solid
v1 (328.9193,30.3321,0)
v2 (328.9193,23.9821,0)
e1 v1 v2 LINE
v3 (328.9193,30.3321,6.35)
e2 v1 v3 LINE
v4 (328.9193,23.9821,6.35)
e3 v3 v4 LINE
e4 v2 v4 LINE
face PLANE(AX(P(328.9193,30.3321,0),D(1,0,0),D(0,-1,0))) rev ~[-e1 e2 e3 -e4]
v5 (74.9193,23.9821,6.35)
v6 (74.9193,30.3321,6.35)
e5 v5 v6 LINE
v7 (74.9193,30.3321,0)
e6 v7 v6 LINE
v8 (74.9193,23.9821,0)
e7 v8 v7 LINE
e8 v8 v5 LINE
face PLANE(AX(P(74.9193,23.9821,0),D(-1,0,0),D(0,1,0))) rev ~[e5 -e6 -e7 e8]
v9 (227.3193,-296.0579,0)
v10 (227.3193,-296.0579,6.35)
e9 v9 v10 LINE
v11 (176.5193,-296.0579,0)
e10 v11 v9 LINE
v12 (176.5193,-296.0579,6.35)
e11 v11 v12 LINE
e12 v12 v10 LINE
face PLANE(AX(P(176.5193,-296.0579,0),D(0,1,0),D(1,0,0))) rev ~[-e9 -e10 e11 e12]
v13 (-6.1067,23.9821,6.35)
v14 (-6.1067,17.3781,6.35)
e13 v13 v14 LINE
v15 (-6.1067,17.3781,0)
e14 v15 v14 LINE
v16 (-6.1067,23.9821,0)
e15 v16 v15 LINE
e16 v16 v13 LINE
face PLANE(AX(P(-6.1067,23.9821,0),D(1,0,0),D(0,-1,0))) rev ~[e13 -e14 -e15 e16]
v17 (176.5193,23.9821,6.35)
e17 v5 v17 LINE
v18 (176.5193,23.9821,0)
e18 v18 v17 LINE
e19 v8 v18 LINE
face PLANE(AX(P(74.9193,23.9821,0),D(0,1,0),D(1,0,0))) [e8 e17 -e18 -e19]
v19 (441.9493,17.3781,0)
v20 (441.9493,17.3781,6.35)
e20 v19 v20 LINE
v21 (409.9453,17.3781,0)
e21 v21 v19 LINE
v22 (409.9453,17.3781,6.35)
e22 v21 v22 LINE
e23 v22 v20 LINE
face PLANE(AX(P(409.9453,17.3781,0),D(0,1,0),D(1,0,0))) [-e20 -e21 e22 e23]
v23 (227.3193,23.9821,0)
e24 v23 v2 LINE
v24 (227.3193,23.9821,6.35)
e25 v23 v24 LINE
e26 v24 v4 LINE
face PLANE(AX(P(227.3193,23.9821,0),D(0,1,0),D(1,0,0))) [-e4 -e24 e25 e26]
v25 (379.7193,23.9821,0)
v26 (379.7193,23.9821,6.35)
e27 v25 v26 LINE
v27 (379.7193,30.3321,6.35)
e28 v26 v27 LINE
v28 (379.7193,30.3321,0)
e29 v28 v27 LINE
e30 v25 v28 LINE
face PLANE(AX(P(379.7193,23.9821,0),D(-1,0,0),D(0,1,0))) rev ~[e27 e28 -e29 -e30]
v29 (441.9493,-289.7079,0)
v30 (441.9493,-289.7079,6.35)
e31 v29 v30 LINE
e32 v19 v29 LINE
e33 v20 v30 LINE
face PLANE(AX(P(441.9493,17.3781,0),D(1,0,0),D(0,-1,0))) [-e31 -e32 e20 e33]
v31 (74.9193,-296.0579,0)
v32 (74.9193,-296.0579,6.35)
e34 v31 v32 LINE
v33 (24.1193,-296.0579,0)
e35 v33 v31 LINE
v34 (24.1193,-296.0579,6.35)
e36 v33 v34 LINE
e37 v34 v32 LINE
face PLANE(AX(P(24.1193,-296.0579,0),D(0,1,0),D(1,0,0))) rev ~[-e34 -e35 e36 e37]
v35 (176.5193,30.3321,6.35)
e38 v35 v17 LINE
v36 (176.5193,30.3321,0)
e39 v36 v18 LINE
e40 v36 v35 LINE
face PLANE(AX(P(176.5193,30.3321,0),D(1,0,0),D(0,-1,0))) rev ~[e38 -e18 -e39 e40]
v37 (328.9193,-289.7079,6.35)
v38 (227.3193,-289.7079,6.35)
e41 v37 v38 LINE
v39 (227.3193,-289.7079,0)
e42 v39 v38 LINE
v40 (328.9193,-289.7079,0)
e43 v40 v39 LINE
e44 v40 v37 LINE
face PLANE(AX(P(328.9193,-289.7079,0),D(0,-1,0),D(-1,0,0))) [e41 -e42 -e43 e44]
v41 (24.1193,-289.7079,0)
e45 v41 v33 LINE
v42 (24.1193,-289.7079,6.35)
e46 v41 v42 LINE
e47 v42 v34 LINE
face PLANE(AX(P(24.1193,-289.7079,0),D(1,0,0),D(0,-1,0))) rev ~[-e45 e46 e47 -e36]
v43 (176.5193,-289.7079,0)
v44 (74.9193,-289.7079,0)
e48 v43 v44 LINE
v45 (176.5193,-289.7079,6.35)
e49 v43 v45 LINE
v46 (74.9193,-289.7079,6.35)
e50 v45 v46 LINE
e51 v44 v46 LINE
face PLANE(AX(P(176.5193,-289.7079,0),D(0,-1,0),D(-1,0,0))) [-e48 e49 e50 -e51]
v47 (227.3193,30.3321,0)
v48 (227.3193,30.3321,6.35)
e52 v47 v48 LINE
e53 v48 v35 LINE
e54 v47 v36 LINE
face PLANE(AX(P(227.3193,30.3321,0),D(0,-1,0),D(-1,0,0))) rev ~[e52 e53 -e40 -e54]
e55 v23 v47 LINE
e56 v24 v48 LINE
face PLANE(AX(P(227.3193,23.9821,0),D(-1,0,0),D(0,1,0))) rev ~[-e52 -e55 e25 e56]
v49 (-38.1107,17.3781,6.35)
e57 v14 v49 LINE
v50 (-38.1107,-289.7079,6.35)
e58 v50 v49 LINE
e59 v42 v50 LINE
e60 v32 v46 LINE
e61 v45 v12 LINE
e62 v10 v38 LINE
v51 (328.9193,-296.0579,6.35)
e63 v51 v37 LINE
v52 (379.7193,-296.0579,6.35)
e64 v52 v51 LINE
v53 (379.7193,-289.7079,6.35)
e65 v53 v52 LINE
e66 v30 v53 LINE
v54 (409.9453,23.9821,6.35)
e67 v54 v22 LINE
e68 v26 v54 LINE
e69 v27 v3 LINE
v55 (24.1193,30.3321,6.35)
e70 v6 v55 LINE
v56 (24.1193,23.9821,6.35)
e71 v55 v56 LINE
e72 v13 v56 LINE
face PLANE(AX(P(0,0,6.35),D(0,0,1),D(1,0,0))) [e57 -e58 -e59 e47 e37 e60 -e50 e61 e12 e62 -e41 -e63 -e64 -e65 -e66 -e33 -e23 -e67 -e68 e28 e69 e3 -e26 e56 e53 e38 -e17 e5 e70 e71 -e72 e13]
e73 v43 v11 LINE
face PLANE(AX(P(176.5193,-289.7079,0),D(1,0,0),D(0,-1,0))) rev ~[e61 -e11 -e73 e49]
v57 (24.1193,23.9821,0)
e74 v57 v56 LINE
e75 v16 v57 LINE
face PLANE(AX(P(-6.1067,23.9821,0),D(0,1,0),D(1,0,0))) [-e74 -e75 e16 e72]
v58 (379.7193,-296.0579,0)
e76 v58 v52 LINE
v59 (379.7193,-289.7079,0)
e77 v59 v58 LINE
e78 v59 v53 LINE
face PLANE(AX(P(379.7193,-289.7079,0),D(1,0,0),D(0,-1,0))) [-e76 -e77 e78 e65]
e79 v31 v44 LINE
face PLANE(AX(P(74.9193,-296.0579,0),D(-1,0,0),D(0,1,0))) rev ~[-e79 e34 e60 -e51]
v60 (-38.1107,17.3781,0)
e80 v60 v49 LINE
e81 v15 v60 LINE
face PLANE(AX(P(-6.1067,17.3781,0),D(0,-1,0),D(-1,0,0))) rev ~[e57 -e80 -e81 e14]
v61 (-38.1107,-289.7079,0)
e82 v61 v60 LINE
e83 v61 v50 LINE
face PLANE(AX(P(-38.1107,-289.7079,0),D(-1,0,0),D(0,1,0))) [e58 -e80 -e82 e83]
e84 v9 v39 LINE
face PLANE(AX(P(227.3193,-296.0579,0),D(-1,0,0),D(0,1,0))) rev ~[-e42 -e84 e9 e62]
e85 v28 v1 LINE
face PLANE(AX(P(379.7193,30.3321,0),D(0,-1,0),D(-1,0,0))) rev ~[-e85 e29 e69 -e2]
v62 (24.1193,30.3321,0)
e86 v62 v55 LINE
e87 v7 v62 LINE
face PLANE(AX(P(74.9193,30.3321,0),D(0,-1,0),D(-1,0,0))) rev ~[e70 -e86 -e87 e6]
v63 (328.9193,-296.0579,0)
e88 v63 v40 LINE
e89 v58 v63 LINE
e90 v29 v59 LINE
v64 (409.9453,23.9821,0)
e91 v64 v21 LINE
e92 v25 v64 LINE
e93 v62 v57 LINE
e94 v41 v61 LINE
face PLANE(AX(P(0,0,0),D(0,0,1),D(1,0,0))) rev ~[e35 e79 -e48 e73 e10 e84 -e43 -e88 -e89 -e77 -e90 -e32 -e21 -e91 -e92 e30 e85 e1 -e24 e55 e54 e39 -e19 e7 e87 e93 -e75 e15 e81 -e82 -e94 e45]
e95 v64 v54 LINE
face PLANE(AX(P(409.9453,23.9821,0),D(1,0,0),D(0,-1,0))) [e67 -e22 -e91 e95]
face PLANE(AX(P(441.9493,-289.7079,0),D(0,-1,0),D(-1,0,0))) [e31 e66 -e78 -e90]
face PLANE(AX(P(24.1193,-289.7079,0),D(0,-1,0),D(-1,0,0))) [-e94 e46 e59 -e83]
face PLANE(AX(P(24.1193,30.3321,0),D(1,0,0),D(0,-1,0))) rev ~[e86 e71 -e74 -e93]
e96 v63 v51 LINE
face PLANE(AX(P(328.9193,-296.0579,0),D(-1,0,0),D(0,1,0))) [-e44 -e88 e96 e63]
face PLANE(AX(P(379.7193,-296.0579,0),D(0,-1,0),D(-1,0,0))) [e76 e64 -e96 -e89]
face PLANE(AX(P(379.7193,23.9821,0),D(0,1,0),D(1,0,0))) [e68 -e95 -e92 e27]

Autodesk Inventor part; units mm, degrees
ref_plane "YZ Plane" through (0, 0, 0) normal (1, 0, 0) x (0, 1, 0)
ref_plane "XZ Plane" through (0, 0, 0) normal (0, 1, 0) x (-1, 0, 0)
ref_plane "XY Plane" through (0, 0, 0) normal (0, 0, 1) x (1, 0, 0)
sketch "Sketch1" plane through (0, 0, 0) normal (0, 0, 1) x (1, 0, 0)
  line L0 (-38.1107, 23.9821) -> (441.9493, 23.9821)
  line L1 (441.9493, 23.9821) -> (441.9493, -289.7079)
  line L2 (441.9493, -289.7079) -> (-38.1107, -289.7079)
  line L3 (-38.1107, -289.7079) -> (-38.1107, 23.9821)
  line L4 (-38.1107, -289.7079) -> (227.3193, -289.7079)
  line L5 (227.3193, -289.7079) -> (176.5193, -289.7079)
  line L6 (176.5193, -289.7079) -> (176.5193, -296.0579)
  line L7 (176.5193, -296.0579) -> (227.3193, -296.0579)
  line L8 (227.3193, -296.0579) -> (227.3193, -289.7079)
  line L9 (227.3193, -289.7079) -> (328.9193, -289.7079)
  line L10 (328.9193, -289.7079) -> (74.9193, -289.7079)
  line L11 (74.9193, -289.7079) -> (24.1193, -289.7079)
  line L12 (24.1193, -289.7079) -> (24.1193, -296.0579)
  line L13 (24.1193, -296.0579) -> (74.9193, -296.0579)
  line L14 (74.9193, -296.0579) -> (74.9193, -289.7079)
  line L15 (328.9193, -289.7079) -> (379.7193, -289.7079)
  line L16 (379.7193, -289.7079) -> (379.7193, -296.0579)
  line L17 (379.7193, -296.0579) -> (328.9193, -296.0579)
  line L18 (328.9193, -296.0579) -> (328.9193, -289.7079)
  line L19 (24.1193, 23.9821) -> (74.9193, 23.9821)
  line L20 (74.9193, 23.9821) -> (74.9193, 30.3321)
  line L21 (74.9193, 30.3321) -> (24.1193, 30.3321)
  line L22 (24.1193, 30.3321) -> (24.1193, 23.9821)
  line L23 (176.5193, 23.9821) -> (227.3193, 23.9821)
  line L24 (227.3193, 23.9821) -> (227.3193, 30.3321)
  line L25 (227.3193, 30.3321) -> (176.5193, 30.3321)
  line L26 (176.5193, 30.3321) -> (176.5193, 23.9821)
  line L27 (328.9193, 23.9821) -> (379.7193, 23.9821)
  line L28 (379.7193, 23.9821) -> (379.7193, 30.3321)
  line L29 (379.7193, 30.3321) -> (328.9193, 30.3321)
  line L30 (328.9193, 30.3321) -> (328.9193, 23.9821)
  line L31 (-38.1107, 23.9821) -> (-6.1067, 23.9821)
  line L32 (-6.1067, 23.9821) -> (-6.1067, 17.3781)
  line L33 (-6.1067, 17.3781) -> (-38.1107, 17.3781)
  line L34 (-38.1107, 17.3781) -> (-38.1107, 23.9821)
  line L35 (441.9493, 23.9821) -> (409.9453, 23.9821)
  line L36 (409.9453, 23.9821) -> (409.9453, 17.3781)
  line L37 (409.9453, 17.3781) -> (441.9493, 17.3781)
  line L38 (441.9493, 17.3781) -> (441.9493, 23.9821)
  point P0 (0, 0)
  dimension "d0" = 480.06
  dimension "d1" = 313.69
  dimension "d2" = 265.43
  dimension "d3" = 50.8
  dimension "d4" = 6.35
  dimension "d5" = 101.6
  dimension "d6" = 254
  dimension "d7" = 50.8
  dimension "d8" = 50.8
  dimension "d9" = 6.35
  dimension "d10" = 32.004
  dimension "d11" = 6.604
  dimension "d12" = 32.004
extrude "Extrusion1" add sketch "Sketch1" along normal blind 6.35 contours L0 L36 L37 L1 L2 L3 L33 L32 | L22 L21 L20 L0 | L2 L14 L13 L12 | L26 L25 L24 L0 | L2 L8 L7 L6 | L30 L29 L28 L0 | L2 L16 L17 L18
properties part number "it shelf"
